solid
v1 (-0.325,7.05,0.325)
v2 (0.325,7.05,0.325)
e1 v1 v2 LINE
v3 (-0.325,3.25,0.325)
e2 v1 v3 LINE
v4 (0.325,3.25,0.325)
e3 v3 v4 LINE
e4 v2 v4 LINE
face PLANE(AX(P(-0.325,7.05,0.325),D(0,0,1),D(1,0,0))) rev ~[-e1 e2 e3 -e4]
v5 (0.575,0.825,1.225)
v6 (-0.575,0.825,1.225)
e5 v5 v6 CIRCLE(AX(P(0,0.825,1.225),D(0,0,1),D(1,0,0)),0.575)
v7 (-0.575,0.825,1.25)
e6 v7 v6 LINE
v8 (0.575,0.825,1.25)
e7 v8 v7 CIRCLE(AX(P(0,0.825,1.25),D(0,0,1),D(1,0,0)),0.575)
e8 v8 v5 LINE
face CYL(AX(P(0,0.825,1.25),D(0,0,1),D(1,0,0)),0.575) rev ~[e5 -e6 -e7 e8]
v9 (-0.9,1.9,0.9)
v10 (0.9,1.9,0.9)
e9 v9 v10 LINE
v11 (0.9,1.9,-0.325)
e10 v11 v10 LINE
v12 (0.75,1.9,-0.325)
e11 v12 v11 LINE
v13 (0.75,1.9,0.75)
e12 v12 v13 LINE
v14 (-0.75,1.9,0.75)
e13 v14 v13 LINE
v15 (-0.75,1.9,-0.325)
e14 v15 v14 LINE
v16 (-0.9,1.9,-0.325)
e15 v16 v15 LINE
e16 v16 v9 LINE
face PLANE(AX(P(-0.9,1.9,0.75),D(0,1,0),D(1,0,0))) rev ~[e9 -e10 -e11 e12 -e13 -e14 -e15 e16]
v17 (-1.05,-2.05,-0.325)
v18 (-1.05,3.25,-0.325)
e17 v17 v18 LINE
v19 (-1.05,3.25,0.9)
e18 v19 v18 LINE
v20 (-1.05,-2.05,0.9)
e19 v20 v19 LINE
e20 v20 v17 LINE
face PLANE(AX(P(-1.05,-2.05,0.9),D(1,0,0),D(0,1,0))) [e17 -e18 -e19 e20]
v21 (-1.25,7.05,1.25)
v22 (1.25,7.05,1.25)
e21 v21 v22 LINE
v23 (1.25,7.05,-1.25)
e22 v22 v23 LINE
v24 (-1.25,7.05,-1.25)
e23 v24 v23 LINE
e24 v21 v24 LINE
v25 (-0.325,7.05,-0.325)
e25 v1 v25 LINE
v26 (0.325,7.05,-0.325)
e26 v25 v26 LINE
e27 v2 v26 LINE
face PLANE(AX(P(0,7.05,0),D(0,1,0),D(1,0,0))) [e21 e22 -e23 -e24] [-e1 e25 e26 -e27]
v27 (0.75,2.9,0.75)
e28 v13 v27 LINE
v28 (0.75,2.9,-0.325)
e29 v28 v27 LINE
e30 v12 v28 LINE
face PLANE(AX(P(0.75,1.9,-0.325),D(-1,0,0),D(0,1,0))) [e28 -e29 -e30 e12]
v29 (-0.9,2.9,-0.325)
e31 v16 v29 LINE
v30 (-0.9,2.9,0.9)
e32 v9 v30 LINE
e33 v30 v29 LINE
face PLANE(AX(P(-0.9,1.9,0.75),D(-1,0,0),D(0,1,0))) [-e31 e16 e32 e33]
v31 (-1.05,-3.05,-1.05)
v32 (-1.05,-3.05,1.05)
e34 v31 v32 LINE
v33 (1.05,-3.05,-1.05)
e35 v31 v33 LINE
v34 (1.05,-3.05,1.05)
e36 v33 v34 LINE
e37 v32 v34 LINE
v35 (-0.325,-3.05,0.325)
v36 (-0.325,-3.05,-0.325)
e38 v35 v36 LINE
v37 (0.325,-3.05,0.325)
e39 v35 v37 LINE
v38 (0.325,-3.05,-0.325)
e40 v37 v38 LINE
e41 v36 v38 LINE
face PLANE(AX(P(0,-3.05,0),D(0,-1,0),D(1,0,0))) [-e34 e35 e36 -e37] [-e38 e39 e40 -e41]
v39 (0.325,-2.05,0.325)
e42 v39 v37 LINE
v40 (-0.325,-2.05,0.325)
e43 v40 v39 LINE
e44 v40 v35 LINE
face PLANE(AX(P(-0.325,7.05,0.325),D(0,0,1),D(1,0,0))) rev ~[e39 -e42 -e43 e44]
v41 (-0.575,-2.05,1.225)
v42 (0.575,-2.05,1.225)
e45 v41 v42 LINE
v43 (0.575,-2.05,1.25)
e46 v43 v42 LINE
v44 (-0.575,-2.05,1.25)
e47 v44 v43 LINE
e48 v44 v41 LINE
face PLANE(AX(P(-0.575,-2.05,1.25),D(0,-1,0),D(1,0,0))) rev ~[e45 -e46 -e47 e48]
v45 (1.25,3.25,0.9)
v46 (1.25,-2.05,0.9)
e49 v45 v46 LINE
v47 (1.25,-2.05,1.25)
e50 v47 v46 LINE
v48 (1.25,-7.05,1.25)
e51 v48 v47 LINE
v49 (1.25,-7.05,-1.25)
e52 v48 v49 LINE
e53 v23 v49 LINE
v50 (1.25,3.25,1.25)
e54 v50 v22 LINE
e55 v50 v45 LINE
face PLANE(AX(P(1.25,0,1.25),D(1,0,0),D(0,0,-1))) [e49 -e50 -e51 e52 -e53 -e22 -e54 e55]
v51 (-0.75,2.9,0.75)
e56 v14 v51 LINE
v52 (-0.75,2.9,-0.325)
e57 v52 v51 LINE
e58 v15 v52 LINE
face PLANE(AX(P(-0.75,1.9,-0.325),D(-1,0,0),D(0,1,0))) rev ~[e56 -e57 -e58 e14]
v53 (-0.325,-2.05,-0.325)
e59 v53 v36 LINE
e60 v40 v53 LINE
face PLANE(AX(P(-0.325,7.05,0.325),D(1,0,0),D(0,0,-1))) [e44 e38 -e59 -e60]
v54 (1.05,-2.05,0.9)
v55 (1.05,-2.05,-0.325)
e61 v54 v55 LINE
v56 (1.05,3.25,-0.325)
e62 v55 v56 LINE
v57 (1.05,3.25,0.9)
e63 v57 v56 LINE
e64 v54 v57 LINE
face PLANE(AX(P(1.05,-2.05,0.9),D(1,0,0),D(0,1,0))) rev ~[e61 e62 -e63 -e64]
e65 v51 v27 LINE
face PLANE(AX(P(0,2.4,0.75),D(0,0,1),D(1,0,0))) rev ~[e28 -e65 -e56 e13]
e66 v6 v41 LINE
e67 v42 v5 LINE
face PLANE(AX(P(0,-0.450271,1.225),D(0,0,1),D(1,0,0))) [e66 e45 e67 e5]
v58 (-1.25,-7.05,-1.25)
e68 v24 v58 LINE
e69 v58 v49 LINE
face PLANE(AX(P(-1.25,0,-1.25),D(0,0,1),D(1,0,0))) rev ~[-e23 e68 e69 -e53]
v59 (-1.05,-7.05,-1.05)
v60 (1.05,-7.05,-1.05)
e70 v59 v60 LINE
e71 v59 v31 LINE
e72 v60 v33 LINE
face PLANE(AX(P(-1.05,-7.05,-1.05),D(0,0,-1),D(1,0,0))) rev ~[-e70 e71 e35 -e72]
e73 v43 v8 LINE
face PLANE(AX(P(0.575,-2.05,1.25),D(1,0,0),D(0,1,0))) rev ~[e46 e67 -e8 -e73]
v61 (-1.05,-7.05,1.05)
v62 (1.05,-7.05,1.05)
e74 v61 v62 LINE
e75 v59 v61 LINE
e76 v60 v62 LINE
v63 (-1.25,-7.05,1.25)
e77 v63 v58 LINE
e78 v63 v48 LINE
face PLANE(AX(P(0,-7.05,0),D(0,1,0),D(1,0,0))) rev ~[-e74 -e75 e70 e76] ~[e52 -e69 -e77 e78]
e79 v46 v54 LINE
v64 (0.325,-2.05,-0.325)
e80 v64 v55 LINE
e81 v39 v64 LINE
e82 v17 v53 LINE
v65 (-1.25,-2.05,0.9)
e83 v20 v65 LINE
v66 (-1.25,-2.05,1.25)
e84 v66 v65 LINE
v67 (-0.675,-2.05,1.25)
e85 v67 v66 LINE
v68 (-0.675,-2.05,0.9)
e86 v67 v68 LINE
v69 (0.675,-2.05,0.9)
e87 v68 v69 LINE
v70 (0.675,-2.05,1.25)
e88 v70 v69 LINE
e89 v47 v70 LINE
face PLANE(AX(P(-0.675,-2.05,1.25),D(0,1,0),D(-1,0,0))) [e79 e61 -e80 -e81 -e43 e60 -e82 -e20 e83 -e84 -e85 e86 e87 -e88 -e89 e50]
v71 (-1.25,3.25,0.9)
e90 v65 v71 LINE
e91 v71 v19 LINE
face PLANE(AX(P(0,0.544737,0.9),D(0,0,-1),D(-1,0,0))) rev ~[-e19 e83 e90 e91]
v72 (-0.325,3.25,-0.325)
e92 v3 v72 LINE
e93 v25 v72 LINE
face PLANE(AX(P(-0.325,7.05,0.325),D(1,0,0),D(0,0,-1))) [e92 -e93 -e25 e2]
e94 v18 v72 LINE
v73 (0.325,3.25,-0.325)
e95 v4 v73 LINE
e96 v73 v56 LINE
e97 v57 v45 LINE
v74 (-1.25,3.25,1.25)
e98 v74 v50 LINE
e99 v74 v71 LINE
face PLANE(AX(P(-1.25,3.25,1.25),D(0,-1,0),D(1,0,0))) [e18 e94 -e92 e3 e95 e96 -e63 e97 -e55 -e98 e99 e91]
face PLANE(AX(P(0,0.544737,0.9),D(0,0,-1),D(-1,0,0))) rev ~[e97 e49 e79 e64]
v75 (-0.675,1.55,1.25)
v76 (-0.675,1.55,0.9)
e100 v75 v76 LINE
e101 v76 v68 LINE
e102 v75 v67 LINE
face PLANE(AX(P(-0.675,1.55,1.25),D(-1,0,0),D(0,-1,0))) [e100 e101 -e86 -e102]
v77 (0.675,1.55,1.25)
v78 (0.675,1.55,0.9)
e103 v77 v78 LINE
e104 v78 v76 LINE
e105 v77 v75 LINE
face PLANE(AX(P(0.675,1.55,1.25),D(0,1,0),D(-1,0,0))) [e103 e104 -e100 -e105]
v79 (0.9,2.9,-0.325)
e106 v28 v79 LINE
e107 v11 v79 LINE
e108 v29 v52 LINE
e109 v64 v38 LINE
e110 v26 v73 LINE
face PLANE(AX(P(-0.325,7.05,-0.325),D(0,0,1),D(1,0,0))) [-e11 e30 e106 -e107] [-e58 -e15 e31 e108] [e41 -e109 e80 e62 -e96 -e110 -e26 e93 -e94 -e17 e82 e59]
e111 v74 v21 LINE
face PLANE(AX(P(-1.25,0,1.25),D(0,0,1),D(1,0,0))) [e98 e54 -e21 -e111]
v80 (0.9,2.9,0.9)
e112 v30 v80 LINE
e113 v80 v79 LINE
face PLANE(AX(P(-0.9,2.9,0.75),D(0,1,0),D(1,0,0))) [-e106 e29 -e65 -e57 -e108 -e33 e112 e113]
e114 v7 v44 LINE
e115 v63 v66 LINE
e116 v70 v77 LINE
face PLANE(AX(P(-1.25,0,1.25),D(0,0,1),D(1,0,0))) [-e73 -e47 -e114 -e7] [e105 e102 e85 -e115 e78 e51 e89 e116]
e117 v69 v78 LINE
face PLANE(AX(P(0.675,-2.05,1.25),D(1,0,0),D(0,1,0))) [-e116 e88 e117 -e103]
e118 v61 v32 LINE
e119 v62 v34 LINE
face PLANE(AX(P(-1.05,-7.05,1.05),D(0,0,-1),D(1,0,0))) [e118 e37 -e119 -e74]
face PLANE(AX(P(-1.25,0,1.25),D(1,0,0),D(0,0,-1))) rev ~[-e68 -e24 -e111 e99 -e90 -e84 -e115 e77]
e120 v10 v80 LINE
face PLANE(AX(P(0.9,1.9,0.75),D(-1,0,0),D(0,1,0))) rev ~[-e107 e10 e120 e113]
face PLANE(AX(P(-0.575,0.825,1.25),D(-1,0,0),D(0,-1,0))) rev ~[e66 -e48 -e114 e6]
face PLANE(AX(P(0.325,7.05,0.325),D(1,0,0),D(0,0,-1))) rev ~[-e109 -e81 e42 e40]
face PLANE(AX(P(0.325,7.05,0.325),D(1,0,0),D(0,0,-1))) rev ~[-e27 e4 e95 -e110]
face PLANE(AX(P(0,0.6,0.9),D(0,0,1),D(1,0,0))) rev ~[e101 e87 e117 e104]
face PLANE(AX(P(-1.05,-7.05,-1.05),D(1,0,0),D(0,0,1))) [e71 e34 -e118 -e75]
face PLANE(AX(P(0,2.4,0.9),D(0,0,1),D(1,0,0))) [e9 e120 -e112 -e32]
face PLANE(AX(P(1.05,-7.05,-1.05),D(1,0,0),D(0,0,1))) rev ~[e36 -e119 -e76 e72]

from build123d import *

# Parameters (mm, degrees)
SKETCH2_W           = 2.5
SKETCH2_H           = 2.5
BOSS_EXTRUDE1_DEPTH = 7.05
PINHOLE_REACH       = 16.1
SKETCH3_W           = 0.65
SKETCH3_H           = 0.65
CUT_EXTRUDE2_DEPTH  = 0.35
SKETCH5_W           = 2.1
SKETCH5_H           = 5.3
CUT_EXTRUDE3_DEPTH  = 1.225
CUT_EXTRUDE5_DEPTH  = 0.025
SKETCH7_W           = 2.1
SKETCH7_H           = 2.1
CUT_EXTRUDE6_DEPTH  = 4
SKETCH9_W           = 0.15
SKETCH9_H           = 1
HOLDER_1_DEPTH      = 1.075
SKETCH10_W          = 1.8
SKETCH10_H          = 1
HOLDER_2_DEPTH      = 0.15


with BuildPart() as part:
    # Sketch2 → Boss-Extrude1 (new body, symmetric)
    with BuildSketch(Plane(origin=(0, 0, 0), x_dir=(1, 0, 0), z_dir=(0, 1, 0))):
        Rectangle(SKETCH2_W, SKETCH2_H)
    extrude(amount=BOSS_EXTRUDE1_DEPTH, both=True)

    # Sketch3 → Pinhole (cut, up to next)
    with BuildSketch(Plane(origin=(0, 7.05, 0), x_dir=(1, 0, 0), z_dir=(0, 1, 0)), mode=Mode.PRIVATE) as pinhole_sk1:
        Rectangle(SKETCH3_W, SKETCH3_H)
    pinhole_tool1 = extrude(pinhole_sk1.sketch, amount=-PINHOLE_REACH, mode=Mode.PRIVATE) & part.part
    add(pinhole_tool1.solids().sort_by_distance((0, 7.05, 0))[0], mode=Mode.SUBTRACT)

    # Sketch4 → Cut-Extrude2 (cut)
    with BuildSketch(Plane.XY.offset(1.25)):
        Polygon((-1.25, 3.25), (1.25, 3.25), (1.25, -2.05), (0.675, -2.05), (0.675, 1.55), (-0.675, 1.55), (-0.675, -2.05), (-1.25, -2.05), align=None)
    extrude(amount=-CUT_EXTRUDE2_DEPTH, mode=Mode.SUBTRACT)

    # Sketch5 → Cut-Extrude3 (cut)
    with BuildSketch(Plane.XY.offset(0.9)):
        with Locations((0, 0.6)):
            Rectangle(SKETCH5_W, SKETCH5_H)
    extrude(amount=-CUT_EXTRUDE3_DEPTH, mode=Mode.SUBTRACT)

    # Sketch6 → Cut-Extrude5 (cut)
    with BuildSketch(Plane.XY.offset(1.25)):
        with BuildLine():
            Line((-0.575, 0.825), (-0.575, -2.05))
            Line((-0.575, -2.05), (0.575, -2.05))
            Line((0.575, -2.05), (0.575, 0.825))
            ThreePointArc((0.575, 0.825), (0, 1.4), (-0.575, 0.825))
        make_face()
    extrude(amount=-CUT_EXTRUDE5_DEPTH, mode=Mode.SUBTRACT)

    # Sketch7 → Cut-Extrude6 (cut)
    with BuildSketch(Plane.XZ.offset(7.05)):
        Rectangle(SKETCH7_W, SKETCH7_H)
    extrude(amount=-CUT_EXTRUDE6_DEPTH, mode=Mode.SUBTRACT)

    # Sketch9 → Holder-1 (add)
    with BuildSketch(Plane.XY.offset(-0.325)):
        with Locations((-0.825, 2.4)):
            Rectangle(SKETCH9_W, SKETCH9_H)
        with Locations((0.825, 2.4)):
            Rectangle(SKETCH9_W, SKETCH9_H)
    extrude(amount=HOLDER_1_DEPTH)

    # Sketch10 → Holder-2 (add)
    with BuildSketch(Plane.XY.offset(0.75)):
        with Locations((0, 2.4)):
            Rectangle(SKETCH10_W, SKETCH10_H)
    extrude(amount=HOLDER_2_DEPTH)


solid = part.part
